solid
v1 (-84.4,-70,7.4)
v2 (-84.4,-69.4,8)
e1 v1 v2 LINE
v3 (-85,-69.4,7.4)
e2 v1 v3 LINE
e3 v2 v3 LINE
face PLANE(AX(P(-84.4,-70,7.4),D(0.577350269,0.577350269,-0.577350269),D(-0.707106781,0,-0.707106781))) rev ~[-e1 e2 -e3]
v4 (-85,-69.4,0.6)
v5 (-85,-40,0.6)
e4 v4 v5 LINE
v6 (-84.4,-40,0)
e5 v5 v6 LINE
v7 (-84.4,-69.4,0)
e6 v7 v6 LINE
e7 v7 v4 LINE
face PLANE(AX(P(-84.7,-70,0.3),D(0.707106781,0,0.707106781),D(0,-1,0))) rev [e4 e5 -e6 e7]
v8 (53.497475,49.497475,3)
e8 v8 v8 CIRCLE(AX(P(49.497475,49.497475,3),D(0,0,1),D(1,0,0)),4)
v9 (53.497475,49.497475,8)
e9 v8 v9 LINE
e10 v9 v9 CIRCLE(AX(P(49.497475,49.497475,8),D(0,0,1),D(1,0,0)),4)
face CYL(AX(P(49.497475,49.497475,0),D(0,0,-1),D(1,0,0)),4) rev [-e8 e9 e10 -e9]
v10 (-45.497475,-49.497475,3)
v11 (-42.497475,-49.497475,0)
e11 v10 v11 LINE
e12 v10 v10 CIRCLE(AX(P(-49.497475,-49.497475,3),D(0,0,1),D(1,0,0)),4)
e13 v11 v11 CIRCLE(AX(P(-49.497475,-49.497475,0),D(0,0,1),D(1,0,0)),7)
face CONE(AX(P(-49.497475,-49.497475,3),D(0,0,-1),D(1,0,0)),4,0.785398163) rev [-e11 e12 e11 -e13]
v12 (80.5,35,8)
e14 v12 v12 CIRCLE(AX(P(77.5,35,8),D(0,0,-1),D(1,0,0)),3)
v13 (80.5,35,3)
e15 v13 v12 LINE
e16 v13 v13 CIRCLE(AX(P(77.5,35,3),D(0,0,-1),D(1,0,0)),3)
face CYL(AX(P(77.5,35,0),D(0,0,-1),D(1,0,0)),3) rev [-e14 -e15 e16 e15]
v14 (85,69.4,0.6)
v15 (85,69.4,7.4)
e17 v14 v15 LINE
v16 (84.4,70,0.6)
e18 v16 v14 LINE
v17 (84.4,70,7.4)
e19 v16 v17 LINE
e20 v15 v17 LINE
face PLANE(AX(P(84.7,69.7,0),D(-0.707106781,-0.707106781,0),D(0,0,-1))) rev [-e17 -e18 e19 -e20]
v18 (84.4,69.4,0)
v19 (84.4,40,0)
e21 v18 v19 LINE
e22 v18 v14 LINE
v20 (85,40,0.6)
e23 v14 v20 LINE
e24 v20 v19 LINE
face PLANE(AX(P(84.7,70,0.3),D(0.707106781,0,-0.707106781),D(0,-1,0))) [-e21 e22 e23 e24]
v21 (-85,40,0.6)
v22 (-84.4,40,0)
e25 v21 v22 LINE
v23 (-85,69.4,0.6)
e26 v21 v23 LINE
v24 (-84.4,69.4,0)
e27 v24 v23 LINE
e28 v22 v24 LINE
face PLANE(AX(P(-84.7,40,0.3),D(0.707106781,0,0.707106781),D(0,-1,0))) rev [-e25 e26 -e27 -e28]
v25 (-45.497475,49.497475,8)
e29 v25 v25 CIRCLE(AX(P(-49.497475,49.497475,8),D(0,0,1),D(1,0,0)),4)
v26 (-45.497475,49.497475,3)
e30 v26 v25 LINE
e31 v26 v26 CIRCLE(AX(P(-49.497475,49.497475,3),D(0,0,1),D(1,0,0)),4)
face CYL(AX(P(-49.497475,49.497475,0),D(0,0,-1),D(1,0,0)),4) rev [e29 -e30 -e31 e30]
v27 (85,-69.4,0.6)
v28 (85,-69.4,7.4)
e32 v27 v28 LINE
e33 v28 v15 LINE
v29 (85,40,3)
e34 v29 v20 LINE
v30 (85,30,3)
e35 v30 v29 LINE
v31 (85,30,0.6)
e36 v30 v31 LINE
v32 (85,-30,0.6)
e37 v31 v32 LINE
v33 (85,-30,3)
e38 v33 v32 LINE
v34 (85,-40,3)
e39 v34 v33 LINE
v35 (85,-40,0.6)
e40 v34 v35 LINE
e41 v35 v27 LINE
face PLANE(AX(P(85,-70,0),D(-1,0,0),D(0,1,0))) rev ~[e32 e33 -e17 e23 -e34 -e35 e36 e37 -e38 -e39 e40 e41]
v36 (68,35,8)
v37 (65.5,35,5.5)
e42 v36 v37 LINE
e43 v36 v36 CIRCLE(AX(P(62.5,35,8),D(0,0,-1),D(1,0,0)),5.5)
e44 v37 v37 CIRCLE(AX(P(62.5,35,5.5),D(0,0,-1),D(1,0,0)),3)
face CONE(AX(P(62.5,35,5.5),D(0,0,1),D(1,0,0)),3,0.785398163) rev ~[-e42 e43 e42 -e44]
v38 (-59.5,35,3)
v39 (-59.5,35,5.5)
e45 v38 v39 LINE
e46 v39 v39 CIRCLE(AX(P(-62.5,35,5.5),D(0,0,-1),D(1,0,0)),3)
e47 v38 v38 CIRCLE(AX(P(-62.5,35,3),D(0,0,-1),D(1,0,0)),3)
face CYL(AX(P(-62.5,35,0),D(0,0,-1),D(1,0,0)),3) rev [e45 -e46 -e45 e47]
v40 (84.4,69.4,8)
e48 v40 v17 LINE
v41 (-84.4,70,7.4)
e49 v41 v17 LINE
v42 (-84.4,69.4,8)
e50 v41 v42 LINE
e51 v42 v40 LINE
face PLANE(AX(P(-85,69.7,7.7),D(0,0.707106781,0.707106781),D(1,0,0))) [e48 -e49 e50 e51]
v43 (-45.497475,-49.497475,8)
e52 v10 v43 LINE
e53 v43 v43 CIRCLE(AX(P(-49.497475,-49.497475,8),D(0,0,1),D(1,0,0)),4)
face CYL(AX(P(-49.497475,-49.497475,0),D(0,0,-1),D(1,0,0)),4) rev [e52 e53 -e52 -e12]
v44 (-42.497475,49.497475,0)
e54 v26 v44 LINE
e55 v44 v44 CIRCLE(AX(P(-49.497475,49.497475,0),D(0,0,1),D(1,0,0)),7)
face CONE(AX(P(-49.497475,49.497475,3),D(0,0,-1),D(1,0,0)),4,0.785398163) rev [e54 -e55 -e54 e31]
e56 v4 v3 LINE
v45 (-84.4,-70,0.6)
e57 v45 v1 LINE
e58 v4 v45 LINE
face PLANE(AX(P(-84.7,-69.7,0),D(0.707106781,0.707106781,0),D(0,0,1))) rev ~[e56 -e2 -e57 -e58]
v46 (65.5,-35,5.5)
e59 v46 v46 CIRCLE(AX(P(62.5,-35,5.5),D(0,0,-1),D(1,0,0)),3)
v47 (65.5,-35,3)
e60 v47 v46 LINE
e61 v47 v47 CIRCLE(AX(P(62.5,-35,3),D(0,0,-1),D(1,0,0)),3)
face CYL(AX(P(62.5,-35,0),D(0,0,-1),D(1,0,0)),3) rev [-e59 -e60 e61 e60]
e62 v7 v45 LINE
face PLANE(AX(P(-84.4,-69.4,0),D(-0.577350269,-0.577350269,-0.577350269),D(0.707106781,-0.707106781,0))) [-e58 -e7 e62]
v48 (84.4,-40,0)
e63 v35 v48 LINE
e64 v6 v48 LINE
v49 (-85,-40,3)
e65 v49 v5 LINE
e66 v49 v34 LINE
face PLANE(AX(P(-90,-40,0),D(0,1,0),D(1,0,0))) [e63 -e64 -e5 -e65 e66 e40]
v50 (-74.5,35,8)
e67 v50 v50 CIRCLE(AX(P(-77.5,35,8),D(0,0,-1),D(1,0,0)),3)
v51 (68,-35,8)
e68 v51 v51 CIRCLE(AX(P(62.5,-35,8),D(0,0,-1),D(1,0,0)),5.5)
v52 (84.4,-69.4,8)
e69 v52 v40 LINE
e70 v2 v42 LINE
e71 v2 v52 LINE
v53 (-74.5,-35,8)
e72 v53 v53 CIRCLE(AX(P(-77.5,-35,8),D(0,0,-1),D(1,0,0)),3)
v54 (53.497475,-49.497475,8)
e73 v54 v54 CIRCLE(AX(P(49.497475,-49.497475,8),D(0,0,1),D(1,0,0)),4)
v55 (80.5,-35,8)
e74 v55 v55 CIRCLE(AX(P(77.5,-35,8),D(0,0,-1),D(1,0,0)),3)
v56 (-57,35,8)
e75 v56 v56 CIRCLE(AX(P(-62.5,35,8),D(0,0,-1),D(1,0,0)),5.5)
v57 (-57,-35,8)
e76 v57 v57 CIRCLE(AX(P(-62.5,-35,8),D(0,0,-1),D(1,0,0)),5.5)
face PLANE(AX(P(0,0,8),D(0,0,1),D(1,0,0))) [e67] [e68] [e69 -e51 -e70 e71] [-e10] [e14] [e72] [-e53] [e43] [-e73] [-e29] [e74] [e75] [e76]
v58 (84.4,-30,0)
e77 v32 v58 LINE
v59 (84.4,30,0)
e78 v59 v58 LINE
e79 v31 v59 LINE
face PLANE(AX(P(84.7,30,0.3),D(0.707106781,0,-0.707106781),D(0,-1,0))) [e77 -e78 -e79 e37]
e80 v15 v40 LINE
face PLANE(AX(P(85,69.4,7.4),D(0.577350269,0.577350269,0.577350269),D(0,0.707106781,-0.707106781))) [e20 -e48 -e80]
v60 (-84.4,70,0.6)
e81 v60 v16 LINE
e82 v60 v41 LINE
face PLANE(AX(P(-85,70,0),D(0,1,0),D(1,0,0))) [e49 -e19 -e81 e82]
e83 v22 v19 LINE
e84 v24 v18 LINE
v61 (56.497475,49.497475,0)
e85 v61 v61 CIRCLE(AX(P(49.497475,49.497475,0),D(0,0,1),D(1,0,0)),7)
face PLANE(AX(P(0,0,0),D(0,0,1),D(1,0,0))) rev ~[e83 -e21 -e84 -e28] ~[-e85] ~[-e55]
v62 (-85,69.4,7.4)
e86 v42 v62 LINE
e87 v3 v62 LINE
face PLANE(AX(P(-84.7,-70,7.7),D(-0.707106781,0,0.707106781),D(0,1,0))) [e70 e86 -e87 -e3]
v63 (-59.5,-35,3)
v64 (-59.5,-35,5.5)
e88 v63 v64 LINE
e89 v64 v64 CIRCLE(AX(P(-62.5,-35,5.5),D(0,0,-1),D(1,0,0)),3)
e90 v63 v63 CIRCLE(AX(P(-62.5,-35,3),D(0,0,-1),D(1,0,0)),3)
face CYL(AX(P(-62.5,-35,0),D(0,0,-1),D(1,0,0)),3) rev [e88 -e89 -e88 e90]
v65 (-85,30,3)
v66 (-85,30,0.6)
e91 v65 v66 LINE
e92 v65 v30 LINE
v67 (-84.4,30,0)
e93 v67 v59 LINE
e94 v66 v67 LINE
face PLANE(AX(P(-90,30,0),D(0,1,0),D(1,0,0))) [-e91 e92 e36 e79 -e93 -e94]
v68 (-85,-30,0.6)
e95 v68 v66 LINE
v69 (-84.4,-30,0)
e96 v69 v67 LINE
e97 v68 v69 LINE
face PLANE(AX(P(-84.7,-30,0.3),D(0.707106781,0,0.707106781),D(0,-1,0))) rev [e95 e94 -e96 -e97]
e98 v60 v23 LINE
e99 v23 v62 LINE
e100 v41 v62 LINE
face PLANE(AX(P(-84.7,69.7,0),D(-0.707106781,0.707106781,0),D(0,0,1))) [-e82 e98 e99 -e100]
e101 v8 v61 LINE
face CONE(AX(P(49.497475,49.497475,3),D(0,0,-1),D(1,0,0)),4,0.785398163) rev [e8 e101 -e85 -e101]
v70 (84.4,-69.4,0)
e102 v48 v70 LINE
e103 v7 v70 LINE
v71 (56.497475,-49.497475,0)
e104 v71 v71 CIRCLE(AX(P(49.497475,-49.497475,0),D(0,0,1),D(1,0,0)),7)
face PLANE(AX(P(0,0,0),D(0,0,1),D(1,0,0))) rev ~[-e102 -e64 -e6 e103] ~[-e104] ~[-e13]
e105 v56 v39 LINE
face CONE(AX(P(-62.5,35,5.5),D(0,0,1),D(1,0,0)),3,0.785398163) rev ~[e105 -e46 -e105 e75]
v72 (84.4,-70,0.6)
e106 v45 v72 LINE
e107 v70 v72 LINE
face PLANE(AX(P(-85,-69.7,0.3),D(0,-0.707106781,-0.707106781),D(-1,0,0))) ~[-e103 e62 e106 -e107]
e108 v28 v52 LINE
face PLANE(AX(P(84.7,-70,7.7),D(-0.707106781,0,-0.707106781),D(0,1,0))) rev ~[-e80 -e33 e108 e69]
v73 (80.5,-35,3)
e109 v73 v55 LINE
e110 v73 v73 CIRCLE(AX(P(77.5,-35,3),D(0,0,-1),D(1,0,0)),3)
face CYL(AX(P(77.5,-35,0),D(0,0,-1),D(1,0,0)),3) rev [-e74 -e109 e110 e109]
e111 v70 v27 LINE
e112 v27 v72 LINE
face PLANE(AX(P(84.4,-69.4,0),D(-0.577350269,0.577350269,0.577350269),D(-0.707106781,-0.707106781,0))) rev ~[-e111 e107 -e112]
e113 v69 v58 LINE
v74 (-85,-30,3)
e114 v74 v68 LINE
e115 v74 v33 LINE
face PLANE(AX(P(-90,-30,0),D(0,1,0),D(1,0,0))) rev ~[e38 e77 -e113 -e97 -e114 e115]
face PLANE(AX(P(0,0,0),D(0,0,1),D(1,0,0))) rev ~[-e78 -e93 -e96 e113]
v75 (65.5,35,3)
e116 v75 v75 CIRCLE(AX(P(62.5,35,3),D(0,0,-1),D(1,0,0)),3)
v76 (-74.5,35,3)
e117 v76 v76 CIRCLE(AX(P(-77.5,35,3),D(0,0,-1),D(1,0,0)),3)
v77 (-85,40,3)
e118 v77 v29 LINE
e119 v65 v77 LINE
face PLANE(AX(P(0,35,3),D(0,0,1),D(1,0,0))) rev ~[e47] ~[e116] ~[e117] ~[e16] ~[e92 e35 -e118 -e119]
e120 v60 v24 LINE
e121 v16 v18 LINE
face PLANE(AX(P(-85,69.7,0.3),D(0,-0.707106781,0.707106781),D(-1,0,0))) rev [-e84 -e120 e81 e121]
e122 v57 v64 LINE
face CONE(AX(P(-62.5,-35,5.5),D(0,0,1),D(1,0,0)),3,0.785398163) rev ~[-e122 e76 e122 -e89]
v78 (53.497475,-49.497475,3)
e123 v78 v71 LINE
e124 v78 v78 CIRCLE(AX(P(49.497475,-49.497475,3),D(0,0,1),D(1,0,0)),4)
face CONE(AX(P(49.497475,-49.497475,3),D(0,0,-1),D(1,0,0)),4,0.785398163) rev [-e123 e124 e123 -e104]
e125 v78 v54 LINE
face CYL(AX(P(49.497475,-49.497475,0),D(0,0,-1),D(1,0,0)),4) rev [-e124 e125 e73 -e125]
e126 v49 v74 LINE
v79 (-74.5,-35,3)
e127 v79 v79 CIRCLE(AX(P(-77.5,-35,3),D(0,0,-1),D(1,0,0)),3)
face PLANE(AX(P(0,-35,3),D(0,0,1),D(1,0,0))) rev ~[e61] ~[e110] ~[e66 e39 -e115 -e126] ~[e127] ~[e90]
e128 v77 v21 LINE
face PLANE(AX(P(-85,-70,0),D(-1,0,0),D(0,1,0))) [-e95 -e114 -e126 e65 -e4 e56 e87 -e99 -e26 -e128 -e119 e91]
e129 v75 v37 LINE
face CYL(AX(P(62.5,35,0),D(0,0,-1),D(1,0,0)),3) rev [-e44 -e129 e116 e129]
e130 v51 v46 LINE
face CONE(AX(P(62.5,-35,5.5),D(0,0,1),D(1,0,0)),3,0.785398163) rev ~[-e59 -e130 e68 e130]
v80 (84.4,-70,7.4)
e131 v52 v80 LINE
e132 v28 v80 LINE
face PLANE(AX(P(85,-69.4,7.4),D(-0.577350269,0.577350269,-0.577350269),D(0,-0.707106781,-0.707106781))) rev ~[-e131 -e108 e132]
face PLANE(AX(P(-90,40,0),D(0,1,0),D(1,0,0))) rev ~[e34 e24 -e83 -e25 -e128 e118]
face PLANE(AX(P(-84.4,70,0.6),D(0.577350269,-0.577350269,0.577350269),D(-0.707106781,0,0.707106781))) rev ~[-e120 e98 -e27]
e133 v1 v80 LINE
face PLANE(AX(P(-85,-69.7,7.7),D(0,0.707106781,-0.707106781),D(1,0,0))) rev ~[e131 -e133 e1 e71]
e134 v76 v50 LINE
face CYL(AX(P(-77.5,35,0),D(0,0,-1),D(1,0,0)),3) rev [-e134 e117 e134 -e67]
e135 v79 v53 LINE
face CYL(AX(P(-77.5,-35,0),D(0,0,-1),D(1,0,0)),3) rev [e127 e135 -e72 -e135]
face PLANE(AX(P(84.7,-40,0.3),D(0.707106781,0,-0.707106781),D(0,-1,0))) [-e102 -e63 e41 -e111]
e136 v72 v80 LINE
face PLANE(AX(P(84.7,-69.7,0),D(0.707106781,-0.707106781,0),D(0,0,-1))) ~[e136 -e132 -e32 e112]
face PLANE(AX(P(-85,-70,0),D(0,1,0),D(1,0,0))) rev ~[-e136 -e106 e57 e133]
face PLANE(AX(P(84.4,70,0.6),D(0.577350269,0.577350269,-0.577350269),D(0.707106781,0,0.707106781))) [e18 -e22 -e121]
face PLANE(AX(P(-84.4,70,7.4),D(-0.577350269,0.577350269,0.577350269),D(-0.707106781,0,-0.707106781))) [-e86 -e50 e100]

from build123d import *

# Parameters (mm, degrees)
F0_W          = 170
F0_H          = 140
F0_R          = 4
F1_DEPTH      = 8
F2_SIZE       = 3
F3_W          = 180
F3_H          = 10
F4_DEPTH      = 25
F4_DEPTH_BACK = 3
F5_R          = 3
F6_DEPTH      = 25
F7_SIZE       = 2.5
F8_SIZE       = 0.6


with BuildPart() as f1:
    # F0 (on Top) → F1 (new body)
    with BuildSketch(Plane.XY):
        Rectangle(F0_W, F0_H)
        with Locations((-49.4974746831, -49.4974746831)):
            Circle(F0_R, mode=Mode.SUBTRACT)
        with Locations((49.4974746831, -49.4974746831)):
            Circle(F0_R, mode=Mode.SUBTRACT)
        with Locations((-49.4974746831, 49.4974746831)):
            Circle(F0_R, mode=Mode.SUBTRACT)
        with Locations((49.4974746831, 49.4974746831)):
            Circle(F0_R, mode=Mode.SUBTRACT)
    extrude(amount=F1_DEPTH)

    # F2
    f2_edges = [f1.edges().sort_by_distance(p)[0] for p in [
        (-53.497475, -49.497475, 0),
        (-53.497475, 49.497475, 0),
        (45.497475, 49.497475, 0),
        (45.497475, -49.497475, 0),
    ]]
    chamfer(f2_edges, length=F2_SIZE)

    # F3 (on Top) → F4 (cut, two sides)
    with BuildSketch(Plane.XY) as f4_sk:
        with Locations((0, -35)):
            Rectangle(F3_W, F3_H)
        with Locations((0, 35)):
            Rectangle(F3_W, F3_H)
    extrude(amount=-F4_DEPTH, mode=Mode.SUBTRACT)
    extrude(f4_sk.sketch, amount=F4_DEPTH_BACK, mode=Mode.SUBTRACT)

    # F5 (on Top) → F6 (cut)
    with BuildSketch(Plane.XY):
        with Locations((-62.5, -35)):
            Circle(F5_R)
        with Locations((-77.5, -35)):
            Circle(F5_R)
        with Locations((-62.5, 35)):
            Circle(F5_R)
        with Locations((-77.5, 35)):
            Circle(F5_R)
        with Locations((62.5, 35)):
            Circle(F5_R)
        with Locations((77.5, 35)):
            Circle(F5_R)
        with Locations((62.5, -35)):
            Circle(F5_R)
        with Locations((77.5, -35)):
            Circle(F5_R)
    extrude(amount=F6_DEPTH, mode=Mode.SUBTRACT)

    # F7
    f7_edges = [f1.edges().sort_by_distance(p)[0] for p in [
        (-65.5, 35, 8),
        (-65.5, -35, 8),
        (59.5, -35, 8),
        (59.5, 35, 8),
    ]]
    chamfer(f7_edges, length=F7_SIZE)

    # F8
    f8_edges = [f1.edges().sort_by_distance(p)[0] for p in [
        (-85, 0, 8),
        (0, 70, 8),
        (0, -70, 8),
        (85, 0, 8),
        (85, -70, 4),
        (-85, -70, 4),
        (85, 55, 0),
        (-85, 55, 0),
        (0, 70, 0),
        (-85, 0, 0),
        (-85, -55, 0),
        (85, 0, 0),
        (85, -55, 0),
        (0, -70, 0),
        (85, 70, 4),
        (-85, 70, 4),
    ]]
    chamfer(f8_edges, length=F8_SIZE)


solid = f1.part
